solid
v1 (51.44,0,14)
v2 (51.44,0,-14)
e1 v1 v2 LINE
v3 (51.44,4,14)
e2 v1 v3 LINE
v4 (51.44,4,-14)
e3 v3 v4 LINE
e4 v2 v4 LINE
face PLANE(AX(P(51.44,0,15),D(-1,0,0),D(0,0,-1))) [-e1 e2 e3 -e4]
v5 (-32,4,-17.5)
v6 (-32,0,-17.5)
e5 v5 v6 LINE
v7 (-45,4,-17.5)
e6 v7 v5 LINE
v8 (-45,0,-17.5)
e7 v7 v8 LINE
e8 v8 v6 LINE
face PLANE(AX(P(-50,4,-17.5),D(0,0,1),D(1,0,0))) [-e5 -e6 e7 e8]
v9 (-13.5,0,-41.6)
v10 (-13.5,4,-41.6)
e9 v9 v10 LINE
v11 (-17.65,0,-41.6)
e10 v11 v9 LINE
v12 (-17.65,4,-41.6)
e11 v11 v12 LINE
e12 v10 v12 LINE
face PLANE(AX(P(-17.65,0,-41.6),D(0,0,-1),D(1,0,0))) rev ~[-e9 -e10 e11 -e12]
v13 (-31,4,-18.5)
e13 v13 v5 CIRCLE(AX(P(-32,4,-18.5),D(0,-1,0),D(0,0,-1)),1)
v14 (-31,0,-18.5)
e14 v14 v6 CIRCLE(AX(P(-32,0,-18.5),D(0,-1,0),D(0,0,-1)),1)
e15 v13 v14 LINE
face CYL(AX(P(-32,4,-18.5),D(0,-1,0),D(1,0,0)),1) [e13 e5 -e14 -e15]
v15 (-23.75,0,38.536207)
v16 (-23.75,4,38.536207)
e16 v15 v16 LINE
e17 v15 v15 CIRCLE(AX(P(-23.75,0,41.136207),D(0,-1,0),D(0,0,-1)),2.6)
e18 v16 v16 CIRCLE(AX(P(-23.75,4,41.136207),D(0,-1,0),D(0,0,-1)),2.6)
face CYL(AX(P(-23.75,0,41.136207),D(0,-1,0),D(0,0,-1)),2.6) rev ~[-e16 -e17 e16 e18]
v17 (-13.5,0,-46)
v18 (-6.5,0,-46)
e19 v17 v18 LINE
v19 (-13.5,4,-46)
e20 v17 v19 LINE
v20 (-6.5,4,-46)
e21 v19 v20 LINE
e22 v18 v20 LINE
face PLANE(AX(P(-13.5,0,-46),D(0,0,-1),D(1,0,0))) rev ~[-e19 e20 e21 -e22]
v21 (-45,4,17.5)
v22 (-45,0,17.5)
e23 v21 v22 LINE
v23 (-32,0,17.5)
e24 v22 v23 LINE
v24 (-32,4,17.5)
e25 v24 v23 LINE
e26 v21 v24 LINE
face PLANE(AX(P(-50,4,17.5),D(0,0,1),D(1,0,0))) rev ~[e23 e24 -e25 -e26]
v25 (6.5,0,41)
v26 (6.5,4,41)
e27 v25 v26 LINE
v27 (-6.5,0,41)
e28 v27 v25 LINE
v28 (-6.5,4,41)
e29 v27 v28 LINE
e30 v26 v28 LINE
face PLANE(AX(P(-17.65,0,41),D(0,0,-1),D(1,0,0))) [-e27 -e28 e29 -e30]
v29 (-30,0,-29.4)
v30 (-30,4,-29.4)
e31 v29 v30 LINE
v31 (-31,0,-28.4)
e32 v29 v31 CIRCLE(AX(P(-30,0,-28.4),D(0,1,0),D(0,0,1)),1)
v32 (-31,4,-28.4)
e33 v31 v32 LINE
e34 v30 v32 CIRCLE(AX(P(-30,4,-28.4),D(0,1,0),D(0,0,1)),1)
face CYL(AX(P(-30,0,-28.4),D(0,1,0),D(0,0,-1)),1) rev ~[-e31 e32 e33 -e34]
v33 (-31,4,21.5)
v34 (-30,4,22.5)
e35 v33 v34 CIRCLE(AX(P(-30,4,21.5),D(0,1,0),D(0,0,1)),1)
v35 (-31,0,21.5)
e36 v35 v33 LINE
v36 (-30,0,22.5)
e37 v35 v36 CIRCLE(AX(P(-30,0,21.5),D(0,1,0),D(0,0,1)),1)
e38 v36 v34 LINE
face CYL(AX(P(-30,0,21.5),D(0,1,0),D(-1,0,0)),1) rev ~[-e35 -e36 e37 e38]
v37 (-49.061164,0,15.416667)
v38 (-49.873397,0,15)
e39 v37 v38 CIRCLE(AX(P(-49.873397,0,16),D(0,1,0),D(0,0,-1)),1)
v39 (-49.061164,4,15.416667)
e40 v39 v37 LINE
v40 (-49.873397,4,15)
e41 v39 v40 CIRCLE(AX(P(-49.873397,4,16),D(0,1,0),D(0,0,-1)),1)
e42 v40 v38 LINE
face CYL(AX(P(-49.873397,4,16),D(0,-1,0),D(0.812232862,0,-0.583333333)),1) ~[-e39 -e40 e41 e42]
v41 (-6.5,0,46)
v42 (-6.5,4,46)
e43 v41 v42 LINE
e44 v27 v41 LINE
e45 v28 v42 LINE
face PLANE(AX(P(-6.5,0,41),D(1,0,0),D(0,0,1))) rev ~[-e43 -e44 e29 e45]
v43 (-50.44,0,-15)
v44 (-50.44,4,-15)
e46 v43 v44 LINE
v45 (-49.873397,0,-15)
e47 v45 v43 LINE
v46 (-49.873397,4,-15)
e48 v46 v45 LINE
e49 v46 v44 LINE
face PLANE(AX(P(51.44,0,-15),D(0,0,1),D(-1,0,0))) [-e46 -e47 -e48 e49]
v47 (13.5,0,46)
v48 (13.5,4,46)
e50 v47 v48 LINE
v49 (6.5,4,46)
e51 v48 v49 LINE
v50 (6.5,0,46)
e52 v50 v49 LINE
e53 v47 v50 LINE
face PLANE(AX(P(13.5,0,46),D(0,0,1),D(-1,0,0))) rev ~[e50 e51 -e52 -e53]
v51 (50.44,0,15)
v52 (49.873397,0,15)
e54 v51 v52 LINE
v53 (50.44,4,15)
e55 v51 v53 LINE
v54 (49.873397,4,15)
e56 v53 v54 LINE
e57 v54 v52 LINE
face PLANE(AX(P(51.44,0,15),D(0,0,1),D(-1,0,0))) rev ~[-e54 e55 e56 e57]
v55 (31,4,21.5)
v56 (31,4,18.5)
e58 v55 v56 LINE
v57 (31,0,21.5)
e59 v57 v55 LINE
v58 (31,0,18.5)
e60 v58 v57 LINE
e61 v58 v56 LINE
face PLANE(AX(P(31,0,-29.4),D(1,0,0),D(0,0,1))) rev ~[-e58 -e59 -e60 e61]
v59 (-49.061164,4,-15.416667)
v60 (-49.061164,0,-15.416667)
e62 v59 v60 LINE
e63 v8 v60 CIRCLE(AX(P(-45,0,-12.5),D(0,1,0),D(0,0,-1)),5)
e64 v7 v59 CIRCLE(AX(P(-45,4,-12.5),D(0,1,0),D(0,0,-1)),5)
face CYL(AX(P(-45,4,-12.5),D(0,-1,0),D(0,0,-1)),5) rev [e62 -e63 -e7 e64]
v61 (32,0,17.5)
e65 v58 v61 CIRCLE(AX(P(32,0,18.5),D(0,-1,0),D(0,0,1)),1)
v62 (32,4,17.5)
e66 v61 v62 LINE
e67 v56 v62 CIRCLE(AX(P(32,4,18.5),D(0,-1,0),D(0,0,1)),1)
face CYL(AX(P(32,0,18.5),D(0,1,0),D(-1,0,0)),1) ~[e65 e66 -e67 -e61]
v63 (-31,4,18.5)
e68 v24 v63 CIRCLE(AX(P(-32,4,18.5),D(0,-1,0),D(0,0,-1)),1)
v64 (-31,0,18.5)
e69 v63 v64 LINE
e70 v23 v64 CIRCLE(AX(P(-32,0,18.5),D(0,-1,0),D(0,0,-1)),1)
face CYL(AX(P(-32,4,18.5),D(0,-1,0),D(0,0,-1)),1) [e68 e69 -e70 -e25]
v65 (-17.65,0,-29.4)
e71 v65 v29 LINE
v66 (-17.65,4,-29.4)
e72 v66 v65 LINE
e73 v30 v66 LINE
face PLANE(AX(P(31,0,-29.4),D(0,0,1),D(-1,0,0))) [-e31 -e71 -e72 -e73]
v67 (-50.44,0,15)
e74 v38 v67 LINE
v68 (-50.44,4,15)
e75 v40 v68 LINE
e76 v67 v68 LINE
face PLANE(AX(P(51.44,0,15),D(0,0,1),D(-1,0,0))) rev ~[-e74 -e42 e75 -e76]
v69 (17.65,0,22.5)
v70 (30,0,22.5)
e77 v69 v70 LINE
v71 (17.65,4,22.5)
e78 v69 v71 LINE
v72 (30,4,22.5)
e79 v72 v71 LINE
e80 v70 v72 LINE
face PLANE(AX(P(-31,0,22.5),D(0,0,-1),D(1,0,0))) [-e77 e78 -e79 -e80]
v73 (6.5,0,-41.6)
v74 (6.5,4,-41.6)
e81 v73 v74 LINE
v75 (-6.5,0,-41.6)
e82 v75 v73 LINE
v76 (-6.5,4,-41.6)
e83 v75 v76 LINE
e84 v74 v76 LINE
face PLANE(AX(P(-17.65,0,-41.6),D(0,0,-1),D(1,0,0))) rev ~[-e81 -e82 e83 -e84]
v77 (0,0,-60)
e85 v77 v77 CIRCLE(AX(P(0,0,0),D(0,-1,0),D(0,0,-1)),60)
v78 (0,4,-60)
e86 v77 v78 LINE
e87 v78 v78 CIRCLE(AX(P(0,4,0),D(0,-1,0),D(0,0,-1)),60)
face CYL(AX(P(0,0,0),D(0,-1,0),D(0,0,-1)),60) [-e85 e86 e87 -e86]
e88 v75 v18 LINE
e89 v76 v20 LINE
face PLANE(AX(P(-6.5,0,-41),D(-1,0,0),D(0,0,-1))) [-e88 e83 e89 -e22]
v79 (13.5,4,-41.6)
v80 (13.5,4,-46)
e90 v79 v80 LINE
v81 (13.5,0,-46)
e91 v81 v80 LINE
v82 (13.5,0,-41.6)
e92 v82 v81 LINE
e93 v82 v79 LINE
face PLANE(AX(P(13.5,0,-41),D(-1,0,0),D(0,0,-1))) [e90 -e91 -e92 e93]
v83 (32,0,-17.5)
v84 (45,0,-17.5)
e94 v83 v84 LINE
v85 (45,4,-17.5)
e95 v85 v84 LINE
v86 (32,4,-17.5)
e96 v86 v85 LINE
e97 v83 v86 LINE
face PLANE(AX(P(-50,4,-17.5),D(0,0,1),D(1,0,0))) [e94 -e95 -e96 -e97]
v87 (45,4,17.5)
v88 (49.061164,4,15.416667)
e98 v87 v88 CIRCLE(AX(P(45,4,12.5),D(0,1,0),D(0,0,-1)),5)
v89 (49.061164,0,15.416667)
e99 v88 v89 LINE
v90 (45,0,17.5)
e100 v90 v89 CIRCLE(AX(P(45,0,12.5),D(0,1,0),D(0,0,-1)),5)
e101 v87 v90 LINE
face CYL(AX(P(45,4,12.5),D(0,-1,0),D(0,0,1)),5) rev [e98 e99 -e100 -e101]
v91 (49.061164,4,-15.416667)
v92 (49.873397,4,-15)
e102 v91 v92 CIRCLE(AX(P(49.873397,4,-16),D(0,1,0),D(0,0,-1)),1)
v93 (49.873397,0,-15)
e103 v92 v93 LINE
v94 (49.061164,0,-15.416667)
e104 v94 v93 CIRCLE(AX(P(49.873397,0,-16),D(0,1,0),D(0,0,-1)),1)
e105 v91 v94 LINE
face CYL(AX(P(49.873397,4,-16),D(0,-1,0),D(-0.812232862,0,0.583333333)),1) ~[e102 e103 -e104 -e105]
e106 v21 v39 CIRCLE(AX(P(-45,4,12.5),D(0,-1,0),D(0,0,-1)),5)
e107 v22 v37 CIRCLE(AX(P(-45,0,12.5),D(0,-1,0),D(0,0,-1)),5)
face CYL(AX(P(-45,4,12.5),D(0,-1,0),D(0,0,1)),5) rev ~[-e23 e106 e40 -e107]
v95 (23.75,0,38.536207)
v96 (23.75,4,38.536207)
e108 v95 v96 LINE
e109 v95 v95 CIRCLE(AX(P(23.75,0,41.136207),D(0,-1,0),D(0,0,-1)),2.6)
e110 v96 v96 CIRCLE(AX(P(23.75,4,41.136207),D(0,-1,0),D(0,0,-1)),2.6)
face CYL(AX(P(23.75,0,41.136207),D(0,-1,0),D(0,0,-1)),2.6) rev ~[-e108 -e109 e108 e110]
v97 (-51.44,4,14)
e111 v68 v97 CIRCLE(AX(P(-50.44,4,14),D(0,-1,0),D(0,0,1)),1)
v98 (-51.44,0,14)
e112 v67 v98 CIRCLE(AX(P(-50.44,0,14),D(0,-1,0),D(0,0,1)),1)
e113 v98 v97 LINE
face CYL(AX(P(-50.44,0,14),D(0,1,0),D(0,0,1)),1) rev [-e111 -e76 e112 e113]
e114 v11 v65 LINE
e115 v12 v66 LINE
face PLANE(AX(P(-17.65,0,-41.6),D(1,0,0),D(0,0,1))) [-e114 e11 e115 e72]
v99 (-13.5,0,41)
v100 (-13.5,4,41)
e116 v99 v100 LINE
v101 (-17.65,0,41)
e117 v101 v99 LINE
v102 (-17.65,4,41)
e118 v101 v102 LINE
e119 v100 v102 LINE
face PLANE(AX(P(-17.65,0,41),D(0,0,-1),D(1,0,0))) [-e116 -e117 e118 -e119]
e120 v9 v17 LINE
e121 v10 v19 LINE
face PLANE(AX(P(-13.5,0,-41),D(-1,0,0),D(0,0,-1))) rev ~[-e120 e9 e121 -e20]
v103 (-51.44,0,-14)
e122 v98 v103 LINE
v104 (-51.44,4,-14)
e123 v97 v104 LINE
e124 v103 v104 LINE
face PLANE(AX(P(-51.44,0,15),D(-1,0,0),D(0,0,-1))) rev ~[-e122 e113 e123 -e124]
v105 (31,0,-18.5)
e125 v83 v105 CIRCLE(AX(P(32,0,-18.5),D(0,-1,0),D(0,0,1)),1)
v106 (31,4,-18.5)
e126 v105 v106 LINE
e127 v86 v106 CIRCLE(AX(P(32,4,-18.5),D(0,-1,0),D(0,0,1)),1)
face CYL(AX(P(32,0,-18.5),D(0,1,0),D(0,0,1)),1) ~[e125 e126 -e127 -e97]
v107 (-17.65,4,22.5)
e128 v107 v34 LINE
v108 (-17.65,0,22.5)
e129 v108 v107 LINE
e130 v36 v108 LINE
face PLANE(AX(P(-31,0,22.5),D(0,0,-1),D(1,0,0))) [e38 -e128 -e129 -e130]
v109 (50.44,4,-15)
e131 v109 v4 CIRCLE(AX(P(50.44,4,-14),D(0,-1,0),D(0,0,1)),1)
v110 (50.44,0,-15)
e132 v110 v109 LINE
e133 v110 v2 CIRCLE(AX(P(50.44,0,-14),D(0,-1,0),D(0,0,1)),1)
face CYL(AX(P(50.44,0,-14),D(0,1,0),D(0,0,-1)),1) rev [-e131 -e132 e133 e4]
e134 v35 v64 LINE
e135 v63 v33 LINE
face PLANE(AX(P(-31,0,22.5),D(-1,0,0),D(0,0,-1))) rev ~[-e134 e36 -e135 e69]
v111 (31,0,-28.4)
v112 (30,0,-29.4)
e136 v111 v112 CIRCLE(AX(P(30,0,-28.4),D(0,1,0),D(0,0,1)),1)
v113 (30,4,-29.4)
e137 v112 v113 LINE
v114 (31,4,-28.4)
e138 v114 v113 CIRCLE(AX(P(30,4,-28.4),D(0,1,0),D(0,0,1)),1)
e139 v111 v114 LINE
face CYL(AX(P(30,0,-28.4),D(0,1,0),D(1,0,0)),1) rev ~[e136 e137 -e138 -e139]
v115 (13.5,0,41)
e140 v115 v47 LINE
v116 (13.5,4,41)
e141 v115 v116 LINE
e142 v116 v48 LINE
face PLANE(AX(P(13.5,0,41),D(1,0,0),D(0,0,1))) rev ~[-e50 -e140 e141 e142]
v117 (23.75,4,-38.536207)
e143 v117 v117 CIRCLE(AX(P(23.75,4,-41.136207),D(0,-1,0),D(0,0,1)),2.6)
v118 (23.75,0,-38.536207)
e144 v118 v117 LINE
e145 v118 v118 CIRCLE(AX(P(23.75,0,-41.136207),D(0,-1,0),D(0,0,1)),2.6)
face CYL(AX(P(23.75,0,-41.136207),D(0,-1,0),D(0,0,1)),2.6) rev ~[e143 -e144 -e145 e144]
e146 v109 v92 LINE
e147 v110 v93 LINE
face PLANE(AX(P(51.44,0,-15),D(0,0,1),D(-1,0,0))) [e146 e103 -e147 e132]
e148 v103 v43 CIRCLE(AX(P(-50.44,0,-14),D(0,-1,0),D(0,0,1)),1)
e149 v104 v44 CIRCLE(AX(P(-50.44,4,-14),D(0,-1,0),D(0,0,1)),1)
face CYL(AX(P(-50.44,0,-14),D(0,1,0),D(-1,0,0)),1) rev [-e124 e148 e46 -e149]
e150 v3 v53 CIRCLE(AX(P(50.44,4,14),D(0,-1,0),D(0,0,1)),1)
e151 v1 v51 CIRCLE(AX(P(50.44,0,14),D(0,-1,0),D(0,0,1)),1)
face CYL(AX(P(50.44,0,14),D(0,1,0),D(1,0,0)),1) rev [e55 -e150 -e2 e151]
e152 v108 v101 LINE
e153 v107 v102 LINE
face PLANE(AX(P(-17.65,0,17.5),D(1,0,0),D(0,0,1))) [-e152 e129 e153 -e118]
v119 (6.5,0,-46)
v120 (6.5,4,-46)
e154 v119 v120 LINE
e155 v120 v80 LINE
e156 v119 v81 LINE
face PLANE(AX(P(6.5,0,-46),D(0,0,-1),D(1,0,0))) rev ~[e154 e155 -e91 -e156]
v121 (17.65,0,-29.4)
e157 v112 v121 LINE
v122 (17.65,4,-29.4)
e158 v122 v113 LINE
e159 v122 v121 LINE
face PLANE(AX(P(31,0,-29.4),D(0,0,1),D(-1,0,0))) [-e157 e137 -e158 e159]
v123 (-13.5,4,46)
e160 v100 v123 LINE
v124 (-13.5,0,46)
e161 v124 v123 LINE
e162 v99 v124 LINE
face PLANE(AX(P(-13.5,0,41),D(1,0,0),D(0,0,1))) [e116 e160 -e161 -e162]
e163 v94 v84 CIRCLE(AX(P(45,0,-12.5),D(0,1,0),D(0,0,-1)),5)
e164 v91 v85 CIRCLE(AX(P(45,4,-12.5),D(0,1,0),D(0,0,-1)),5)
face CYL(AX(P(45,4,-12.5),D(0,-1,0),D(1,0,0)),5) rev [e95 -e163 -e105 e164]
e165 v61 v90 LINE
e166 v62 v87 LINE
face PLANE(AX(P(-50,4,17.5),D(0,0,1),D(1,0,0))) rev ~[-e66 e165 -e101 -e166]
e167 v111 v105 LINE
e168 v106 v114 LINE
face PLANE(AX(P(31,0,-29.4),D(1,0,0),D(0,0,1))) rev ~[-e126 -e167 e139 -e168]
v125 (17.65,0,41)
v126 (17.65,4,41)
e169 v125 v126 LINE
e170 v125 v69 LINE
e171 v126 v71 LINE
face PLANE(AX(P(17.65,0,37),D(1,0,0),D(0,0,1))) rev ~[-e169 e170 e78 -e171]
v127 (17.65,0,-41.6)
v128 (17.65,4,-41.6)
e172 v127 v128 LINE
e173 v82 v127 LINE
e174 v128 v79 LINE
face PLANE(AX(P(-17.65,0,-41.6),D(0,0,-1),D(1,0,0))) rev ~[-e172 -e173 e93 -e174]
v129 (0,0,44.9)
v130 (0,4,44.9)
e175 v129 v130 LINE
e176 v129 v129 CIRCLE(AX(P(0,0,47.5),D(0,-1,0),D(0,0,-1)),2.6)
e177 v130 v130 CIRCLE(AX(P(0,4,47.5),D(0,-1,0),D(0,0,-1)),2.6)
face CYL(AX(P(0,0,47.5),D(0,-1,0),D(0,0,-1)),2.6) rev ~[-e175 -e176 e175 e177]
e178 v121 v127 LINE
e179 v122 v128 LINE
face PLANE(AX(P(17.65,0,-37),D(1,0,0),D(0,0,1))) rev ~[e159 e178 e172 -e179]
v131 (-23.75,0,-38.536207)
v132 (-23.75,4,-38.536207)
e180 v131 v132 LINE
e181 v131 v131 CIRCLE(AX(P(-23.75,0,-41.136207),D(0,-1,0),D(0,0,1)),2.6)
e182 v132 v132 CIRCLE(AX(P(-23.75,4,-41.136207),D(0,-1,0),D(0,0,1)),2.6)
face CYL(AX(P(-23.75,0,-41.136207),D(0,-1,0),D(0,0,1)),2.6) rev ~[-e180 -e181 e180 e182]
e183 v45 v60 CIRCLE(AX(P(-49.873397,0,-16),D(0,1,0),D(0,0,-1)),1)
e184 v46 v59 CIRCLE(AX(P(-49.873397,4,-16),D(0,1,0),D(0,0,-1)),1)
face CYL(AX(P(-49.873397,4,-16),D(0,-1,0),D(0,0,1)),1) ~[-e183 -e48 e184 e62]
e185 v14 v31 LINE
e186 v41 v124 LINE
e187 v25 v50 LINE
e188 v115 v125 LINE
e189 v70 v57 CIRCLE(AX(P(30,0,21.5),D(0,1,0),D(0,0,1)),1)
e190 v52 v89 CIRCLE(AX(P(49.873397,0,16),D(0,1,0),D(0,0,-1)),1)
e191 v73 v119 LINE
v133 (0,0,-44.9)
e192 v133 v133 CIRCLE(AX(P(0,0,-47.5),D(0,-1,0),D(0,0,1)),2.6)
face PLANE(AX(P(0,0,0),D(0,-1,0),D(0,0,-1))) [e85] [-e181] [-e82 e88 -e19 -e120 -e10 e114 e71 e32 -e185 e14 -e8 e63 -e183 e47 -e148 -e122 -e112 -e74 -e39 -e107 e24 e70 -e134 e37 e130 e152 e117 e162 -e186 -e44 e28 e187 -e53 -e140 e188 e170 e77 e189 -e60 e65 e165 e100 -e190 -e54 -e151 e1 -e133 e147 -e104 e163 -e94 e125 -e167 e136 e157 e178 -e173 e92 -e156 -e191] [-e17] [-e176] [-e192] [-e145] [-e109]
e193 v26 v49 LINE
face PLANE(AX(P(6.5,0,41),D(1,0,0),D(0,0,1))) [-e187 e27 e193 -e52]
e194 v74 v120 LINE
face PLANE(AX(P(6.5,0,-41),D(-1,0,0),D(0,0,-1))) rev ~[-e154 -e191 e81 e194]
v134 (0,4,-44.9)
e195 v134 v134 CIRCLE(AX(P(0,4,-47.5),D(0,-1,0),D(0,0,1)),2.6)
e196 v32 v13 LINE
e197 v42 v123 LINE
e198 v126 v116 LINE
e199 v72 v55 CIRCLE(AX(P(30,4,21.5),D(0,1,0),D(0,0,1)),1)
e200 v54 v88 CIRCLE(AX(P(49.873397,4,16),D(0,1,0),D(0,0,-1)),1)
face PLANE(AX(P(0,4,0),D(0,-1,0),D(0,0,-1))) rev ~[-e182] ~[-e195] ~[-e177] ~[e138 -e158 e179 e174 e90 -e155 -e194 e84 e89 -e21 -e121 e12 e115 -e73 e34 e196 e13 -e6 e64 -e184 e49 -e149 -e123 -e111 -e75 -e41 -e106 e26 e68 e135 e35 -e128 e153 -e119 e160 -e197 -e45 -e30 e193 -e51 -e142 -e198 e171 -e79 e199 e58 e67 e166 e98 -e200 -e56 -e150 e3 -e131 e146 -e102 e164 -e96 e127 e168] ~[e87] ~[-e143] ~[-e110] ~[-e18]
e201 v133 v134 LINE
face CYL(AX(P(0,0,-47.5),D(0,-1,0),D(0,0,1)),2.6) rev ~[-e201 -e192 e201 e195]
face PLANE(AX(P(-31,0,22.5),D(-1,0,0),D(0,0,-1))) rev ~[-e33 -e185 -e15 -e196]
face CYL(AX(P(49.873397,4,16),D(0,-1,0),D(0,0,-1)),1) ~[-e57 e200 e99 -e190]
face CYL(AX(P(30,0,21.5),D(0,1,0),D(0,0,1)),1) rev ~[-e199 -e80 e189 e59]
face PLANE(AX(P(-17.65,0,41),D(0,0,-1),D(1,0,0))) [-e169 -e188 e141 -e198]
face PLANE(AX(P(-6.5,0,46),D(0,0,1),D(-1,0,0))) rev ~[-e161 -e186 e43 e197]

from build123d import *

# Parameters (mm, degrees)
SKETCH_1_R               = 54.5
EXTRUDE_1_DEPTH          = 4
SKETCH_2_W               = 100
SKETCH_2_H               = 35
CUT_EXTRUDE_1_DEPTH      = 4
FILLET_1_R               = 5
SKETCH_3_R               = 2.6
CUT_EXTRUDE_2_DEPTH      = 10
PATTERN_CIRCULAR_1_COUNT = 2
SKETCH_4_R               = 2.6
CUT_EXTRUDE_3_DEPTH      = 10
SKETCH_5_R               = 2.6
CUT_EXTRUDE_4_DEPTH      = 100
SKETCH_6_W               = 35.3
SKETCH_6_H               = 19.5
SKETCH_6_R               = 2.6
SKETCH_6_H_2             = 1.5
CUT_EXTRUDE_5_DEPTH      = 10
CUT_EXTRUDE_6_DEPTH      = 10
FILLET_2_R               = 1
SKETCH_8_W               = 35.3
SKETCH_8_H               = 3.1
CUT_EXTRUDE_7_DEPTH      = 10
SKETCH_10_W              = 35.3
SKETCH_10_H              = 4
CUT_EXTRUDE_8_DEPTH      = 54.5
SKETCH_11_R              = 56.5
SKETCH_11_R_2            = 54.5
EXTRUDE_2_DEPTH          = 4
SKETCH_12_W              = 3.5
SKETCH_12_H              = 5
CUT_EXTRUDE_9_DEPTH      = 6
PATTERN_CIRCULAR_2_COUNT = 2
SKETCH_14_W              = 102.88
SKETCH_14_H              = 30
CUT_EXTRUDE_10_DEPTH     = 30
FILLET_3_R               = 1
SKETCH_15_R              = 60
SKETCH_15_R_2            = 56.5
EXTRUDE_3_DEPTH          = 4


with BuildPart() as part:
    # 草图1 → 凸台-拉伸1 (new body)
    with BuildSketch(Plane(origin=(0, 0, 0), x_dir=(1, 0, 0), z_dir=(0, 1, 0))):
        with Locations(Location((0, 0, 0), (0, 0, 270))):
            Circle(SKETCH_1_R)
    extrude(amount=EXTRUDE_1_DEPTH)

    # 草图2 → 切除-拉伸1 (cut)
    with BuildSketch(Plane(origin=(0, 4, 0), x_dir=(1, 0, 0), z_dir=(0, 1, 0))):
        Rectangle(SKETCH_2_W, SKETCH_2_H)
    extrude(amount=-CUT_EXTRUDE_1_DEPTH, mode=Mode.SUBTRACT)

    # 圆角1
    fillet_1_edges = [part.edges().sort_by_distance(p)[0] for p in [
        (50, 2, -17.5),
        (50, 2, 17.5),
        (-50, 2, 17.5),
        (-50, 2, -17.5),
    ]]
    fillet(fillet_1_edges, radius=FILLET_1_R)

    # 草图3 → 切除-拉伸2 (cut)
    with BuildSketch(Plane.XZ):
        with Locations(Location((-23.75, 41.13620668, 0), (0, 0, 270))):
            Circle(SKETCH_3_R)
        with Locations(Location((23.75, 41.13620668, 0), (0, 0, 270))):
            Circle(SKETCH_3_R)
        with Locations(Location((0, 47.5, 0), (0, 0, 270))):
            Circle(SKETCH_3_R)
    cut_extrude_2 = extrude(amount=-CUT_EXTRUDE_2_DEPTH, mode=Mode.SUBTRACT)

    # 阵列(圆周)1: 切除-拉伸2 ×2 about axis
    pattern_circular_1_axis = Axis((0, 0, 0), (0, 1, 0))
    for i in range(1, PATTERN_CIRCULAR_1_COUNT):
        add(cut_extrude_2.rotate(pattern_circular_1_axis, i * 360 / PATTERN_CIRCULAR_1_COUNT), mode=Mode.SUBTRACT)

    # 草图4 → 切除-拉伸3 (cut)
    with BuildSketch(Plane.XZ):
        with Locations(Location((-15, 29.5, 0), (0, 0, 270))):
            Circle(SKETCH_4_R)
        with Locations(Location((15, 29.5, 0), (0, 0, 270))):
            Circle(SKETCH_4_R)
    extrude(amount=-CUT_EXTRUDE_3_DEPTH, mode=Mode.SUBTRACT)

    # 草图5 → 切除-拉伸4 (cut)
    with BuildSketch(Plane.XZ):
        with Locations(Location((-15, -33.5, 0), (0, 0, 270))):
            Circle(SKETCH_5_R)
        with Locations(Location((15, -33.5, 0), (0, 0, 270))):
            Circle(SKETCH_5_R)
    extrude(amount=-CUT_EXTRUDE_4_DEPTH, mode=Mode.SUBTRACT)

    # 草图6 → 切除-拉伸5 (cut)
    # profile 1 of 3: a face of its own
    with BuildSketch(Plane.XZ):
        with Locations((0, -27.25)):
            Rectangle(SKETCH_6_W, SKETCH_6_H)
        with Locations((-15, -33.5)):
            Circle(SKETCH_6_R, mode=Mode.SUBTRACT)
        with Locations((15, -33.5)):
            Circle(SKETCH_6_R, mode=Mode.SUBTRACT)
    # profile 2 of 3: a face of its own
    with BuildSketch(Plane.XZ):
        with Locations((0, -37.75)):
            Rectangle(SKETCH_6_W, SKETCH_6_H_2)
    # profile 3 of 3: a face of its own
    with BuildSketch(Plane.XZ):
        with Locations((0, 27.25)):
            Rectangle(SKETCH_6_W, SKETCH_6_H)
        with Locations((-15, 29.5)):
            Circle(SKETCH_6_R, mode=Mode.SUBTRACT)
        with Locations((15, 29.5)):
            Circle(SKETCH_6_R, mode=Mode.SUBTRACT)
    extrude(amount=-CUT_EXTRUDE_5_DEPTH, mode=Mode.SUBTRACT)

    # 草图7 → 切除-拉伸6 (cut)
    with BuildSketch(Plane.XZ):
        Polygon((-31, 22.5), (31, 22.5), (31, -22.5), (31, -29.4), (-31, -29.4), (-31, -22.5), align=None)
    extrude(amount=-CUT_EXTRUDE_6_DEPTH, mode=Mode.SUBTRACT)

    # 圆角2
    fillet_2_edges = [part.edges().sort_by_distance(p)[0] for p in [
        (31, 2, -17.5),
        (-31, 2, -17.5),
        (-31, 2, 17.5),
        (31, 2, 22.5),
        (31, 2, 17.5),
        (-31, 2, 22.5),
        (31, 2, -29.4),
        (-31, 2, -29.4),
    ]]
    fillet(fillet_2_edges, radius=FILLET_2_R)

    # 草图8 → 切除-拉伸7 (cut)
    with BuildSketch(Plane.XZ):
        with Locations((0, -40.05)):
            Rectangle(SKETCH_8_W, SKETCH_8_H)
    extrude(amount=-CUT_EXTRUDE_7_DEPTH, mode=Mode.SUBTRACT)

    # 草图10 → 切除-拉伸8 (cut)
    with BuildSketch(Plane.XZ):
        with Locations((0, 39)):
            Rectangle(SKETCH_10_W, SKETCH_10_H)
    extrude(amount=-CUT_EXTRUDE_8_DEPTH, mode=Mode.SUBTRACT)

    # 草图11 → 凸台-拉伸2 (add)
    with BuildSketch(Plane.XZ):
        with Locations(Location((0, 0, 0), (0, 0, 270))):
            Circle(SKETCH_11_R)
        Circle(SKETCH_11_R_2, mode=Mode.SUBTRACT)
    extrude(amount=-EXTRUDE_2_DEPTH)

    # 草图12 → 切除-拉伸9 (cut)
    with BuildSketch(Plane.XZ):
        with Locations((-8.25, 43.5)):
            Rectangle(SKETCH_12_W, SKETCH_12_H)
        with Locations((-11.75, 43.5)):
            Rectangle(SKETCH_12_W, SKETCH_12_H)
        with Locations((8.25, 43.5)):
            Rectangle(SKETCH_12_W, SKETCH_12_H)
        with Locations((11.75, 43.5)):
            Rectangle(SKETCH_12_W, SKETCH_12_H)
    cut_extrude_9 = extrude(amount=-CUT_EXTRUDE_9_DEPTH, mode=Mode.SUBTRACT)

    # 阵列(圆周)2: 切除-拉伸9 ×2 about axis
    pattern_circular_2_axis = Axis((0, 0, 0), (0, 1, 0))
    for i in range(1, PATTERN_CIRCULAR_2_COUNT):
        add(cut_extrude_9.rotate(pattern_circular_2_axis, i * 360 / PATTERN_CIRCULAR_2_COUNT), mode=Mode.SUBTRACT)

    # 草图14 → 切除-拉伸10 (cut)
    with BuildSketch(Plane(origin=(0, 0, 0), x_dir=(-1, 0, 0), z_dir=(0, -1, 0))):
        Rectangle(SKETCH_14_W, SKETCH_14_H)
    extrude(amount=-CUT_EXTRUDE_10_DEPTH, mode=Mode.SUBTRACT)

    # 圆角3
    fillet_3_edges = [part.edges().sort_by_distance(p)[0] for p in [
        (-49.330127019, 2, -15),
        (49.330127019, 2, 15),
        (-51.44, 2, 15),
        (-49.330127019, 2, 15),
        (51.44, 2, -15),
        (49.330127019, 2, -15),
        (-51.44, 2, -15),
        (51.44, 2, 15),
    ]]
    fillet(fillet_3_edges, radius=FILLET_3_R)

    # 草图15 → 凸台-拉伸3 (add)
    with BuildSketch(Plane.XZ):
        with Locations(Location((0, 0, 0), (0, 0, 270))):
            Circle(SKETCH_15_R)
        Circle(SKETCH_15_R_2, mode=Mode.SUBTRACT)
    extrude(amount=-EXTRUDE_3_DEPTH)


solid = part.part
